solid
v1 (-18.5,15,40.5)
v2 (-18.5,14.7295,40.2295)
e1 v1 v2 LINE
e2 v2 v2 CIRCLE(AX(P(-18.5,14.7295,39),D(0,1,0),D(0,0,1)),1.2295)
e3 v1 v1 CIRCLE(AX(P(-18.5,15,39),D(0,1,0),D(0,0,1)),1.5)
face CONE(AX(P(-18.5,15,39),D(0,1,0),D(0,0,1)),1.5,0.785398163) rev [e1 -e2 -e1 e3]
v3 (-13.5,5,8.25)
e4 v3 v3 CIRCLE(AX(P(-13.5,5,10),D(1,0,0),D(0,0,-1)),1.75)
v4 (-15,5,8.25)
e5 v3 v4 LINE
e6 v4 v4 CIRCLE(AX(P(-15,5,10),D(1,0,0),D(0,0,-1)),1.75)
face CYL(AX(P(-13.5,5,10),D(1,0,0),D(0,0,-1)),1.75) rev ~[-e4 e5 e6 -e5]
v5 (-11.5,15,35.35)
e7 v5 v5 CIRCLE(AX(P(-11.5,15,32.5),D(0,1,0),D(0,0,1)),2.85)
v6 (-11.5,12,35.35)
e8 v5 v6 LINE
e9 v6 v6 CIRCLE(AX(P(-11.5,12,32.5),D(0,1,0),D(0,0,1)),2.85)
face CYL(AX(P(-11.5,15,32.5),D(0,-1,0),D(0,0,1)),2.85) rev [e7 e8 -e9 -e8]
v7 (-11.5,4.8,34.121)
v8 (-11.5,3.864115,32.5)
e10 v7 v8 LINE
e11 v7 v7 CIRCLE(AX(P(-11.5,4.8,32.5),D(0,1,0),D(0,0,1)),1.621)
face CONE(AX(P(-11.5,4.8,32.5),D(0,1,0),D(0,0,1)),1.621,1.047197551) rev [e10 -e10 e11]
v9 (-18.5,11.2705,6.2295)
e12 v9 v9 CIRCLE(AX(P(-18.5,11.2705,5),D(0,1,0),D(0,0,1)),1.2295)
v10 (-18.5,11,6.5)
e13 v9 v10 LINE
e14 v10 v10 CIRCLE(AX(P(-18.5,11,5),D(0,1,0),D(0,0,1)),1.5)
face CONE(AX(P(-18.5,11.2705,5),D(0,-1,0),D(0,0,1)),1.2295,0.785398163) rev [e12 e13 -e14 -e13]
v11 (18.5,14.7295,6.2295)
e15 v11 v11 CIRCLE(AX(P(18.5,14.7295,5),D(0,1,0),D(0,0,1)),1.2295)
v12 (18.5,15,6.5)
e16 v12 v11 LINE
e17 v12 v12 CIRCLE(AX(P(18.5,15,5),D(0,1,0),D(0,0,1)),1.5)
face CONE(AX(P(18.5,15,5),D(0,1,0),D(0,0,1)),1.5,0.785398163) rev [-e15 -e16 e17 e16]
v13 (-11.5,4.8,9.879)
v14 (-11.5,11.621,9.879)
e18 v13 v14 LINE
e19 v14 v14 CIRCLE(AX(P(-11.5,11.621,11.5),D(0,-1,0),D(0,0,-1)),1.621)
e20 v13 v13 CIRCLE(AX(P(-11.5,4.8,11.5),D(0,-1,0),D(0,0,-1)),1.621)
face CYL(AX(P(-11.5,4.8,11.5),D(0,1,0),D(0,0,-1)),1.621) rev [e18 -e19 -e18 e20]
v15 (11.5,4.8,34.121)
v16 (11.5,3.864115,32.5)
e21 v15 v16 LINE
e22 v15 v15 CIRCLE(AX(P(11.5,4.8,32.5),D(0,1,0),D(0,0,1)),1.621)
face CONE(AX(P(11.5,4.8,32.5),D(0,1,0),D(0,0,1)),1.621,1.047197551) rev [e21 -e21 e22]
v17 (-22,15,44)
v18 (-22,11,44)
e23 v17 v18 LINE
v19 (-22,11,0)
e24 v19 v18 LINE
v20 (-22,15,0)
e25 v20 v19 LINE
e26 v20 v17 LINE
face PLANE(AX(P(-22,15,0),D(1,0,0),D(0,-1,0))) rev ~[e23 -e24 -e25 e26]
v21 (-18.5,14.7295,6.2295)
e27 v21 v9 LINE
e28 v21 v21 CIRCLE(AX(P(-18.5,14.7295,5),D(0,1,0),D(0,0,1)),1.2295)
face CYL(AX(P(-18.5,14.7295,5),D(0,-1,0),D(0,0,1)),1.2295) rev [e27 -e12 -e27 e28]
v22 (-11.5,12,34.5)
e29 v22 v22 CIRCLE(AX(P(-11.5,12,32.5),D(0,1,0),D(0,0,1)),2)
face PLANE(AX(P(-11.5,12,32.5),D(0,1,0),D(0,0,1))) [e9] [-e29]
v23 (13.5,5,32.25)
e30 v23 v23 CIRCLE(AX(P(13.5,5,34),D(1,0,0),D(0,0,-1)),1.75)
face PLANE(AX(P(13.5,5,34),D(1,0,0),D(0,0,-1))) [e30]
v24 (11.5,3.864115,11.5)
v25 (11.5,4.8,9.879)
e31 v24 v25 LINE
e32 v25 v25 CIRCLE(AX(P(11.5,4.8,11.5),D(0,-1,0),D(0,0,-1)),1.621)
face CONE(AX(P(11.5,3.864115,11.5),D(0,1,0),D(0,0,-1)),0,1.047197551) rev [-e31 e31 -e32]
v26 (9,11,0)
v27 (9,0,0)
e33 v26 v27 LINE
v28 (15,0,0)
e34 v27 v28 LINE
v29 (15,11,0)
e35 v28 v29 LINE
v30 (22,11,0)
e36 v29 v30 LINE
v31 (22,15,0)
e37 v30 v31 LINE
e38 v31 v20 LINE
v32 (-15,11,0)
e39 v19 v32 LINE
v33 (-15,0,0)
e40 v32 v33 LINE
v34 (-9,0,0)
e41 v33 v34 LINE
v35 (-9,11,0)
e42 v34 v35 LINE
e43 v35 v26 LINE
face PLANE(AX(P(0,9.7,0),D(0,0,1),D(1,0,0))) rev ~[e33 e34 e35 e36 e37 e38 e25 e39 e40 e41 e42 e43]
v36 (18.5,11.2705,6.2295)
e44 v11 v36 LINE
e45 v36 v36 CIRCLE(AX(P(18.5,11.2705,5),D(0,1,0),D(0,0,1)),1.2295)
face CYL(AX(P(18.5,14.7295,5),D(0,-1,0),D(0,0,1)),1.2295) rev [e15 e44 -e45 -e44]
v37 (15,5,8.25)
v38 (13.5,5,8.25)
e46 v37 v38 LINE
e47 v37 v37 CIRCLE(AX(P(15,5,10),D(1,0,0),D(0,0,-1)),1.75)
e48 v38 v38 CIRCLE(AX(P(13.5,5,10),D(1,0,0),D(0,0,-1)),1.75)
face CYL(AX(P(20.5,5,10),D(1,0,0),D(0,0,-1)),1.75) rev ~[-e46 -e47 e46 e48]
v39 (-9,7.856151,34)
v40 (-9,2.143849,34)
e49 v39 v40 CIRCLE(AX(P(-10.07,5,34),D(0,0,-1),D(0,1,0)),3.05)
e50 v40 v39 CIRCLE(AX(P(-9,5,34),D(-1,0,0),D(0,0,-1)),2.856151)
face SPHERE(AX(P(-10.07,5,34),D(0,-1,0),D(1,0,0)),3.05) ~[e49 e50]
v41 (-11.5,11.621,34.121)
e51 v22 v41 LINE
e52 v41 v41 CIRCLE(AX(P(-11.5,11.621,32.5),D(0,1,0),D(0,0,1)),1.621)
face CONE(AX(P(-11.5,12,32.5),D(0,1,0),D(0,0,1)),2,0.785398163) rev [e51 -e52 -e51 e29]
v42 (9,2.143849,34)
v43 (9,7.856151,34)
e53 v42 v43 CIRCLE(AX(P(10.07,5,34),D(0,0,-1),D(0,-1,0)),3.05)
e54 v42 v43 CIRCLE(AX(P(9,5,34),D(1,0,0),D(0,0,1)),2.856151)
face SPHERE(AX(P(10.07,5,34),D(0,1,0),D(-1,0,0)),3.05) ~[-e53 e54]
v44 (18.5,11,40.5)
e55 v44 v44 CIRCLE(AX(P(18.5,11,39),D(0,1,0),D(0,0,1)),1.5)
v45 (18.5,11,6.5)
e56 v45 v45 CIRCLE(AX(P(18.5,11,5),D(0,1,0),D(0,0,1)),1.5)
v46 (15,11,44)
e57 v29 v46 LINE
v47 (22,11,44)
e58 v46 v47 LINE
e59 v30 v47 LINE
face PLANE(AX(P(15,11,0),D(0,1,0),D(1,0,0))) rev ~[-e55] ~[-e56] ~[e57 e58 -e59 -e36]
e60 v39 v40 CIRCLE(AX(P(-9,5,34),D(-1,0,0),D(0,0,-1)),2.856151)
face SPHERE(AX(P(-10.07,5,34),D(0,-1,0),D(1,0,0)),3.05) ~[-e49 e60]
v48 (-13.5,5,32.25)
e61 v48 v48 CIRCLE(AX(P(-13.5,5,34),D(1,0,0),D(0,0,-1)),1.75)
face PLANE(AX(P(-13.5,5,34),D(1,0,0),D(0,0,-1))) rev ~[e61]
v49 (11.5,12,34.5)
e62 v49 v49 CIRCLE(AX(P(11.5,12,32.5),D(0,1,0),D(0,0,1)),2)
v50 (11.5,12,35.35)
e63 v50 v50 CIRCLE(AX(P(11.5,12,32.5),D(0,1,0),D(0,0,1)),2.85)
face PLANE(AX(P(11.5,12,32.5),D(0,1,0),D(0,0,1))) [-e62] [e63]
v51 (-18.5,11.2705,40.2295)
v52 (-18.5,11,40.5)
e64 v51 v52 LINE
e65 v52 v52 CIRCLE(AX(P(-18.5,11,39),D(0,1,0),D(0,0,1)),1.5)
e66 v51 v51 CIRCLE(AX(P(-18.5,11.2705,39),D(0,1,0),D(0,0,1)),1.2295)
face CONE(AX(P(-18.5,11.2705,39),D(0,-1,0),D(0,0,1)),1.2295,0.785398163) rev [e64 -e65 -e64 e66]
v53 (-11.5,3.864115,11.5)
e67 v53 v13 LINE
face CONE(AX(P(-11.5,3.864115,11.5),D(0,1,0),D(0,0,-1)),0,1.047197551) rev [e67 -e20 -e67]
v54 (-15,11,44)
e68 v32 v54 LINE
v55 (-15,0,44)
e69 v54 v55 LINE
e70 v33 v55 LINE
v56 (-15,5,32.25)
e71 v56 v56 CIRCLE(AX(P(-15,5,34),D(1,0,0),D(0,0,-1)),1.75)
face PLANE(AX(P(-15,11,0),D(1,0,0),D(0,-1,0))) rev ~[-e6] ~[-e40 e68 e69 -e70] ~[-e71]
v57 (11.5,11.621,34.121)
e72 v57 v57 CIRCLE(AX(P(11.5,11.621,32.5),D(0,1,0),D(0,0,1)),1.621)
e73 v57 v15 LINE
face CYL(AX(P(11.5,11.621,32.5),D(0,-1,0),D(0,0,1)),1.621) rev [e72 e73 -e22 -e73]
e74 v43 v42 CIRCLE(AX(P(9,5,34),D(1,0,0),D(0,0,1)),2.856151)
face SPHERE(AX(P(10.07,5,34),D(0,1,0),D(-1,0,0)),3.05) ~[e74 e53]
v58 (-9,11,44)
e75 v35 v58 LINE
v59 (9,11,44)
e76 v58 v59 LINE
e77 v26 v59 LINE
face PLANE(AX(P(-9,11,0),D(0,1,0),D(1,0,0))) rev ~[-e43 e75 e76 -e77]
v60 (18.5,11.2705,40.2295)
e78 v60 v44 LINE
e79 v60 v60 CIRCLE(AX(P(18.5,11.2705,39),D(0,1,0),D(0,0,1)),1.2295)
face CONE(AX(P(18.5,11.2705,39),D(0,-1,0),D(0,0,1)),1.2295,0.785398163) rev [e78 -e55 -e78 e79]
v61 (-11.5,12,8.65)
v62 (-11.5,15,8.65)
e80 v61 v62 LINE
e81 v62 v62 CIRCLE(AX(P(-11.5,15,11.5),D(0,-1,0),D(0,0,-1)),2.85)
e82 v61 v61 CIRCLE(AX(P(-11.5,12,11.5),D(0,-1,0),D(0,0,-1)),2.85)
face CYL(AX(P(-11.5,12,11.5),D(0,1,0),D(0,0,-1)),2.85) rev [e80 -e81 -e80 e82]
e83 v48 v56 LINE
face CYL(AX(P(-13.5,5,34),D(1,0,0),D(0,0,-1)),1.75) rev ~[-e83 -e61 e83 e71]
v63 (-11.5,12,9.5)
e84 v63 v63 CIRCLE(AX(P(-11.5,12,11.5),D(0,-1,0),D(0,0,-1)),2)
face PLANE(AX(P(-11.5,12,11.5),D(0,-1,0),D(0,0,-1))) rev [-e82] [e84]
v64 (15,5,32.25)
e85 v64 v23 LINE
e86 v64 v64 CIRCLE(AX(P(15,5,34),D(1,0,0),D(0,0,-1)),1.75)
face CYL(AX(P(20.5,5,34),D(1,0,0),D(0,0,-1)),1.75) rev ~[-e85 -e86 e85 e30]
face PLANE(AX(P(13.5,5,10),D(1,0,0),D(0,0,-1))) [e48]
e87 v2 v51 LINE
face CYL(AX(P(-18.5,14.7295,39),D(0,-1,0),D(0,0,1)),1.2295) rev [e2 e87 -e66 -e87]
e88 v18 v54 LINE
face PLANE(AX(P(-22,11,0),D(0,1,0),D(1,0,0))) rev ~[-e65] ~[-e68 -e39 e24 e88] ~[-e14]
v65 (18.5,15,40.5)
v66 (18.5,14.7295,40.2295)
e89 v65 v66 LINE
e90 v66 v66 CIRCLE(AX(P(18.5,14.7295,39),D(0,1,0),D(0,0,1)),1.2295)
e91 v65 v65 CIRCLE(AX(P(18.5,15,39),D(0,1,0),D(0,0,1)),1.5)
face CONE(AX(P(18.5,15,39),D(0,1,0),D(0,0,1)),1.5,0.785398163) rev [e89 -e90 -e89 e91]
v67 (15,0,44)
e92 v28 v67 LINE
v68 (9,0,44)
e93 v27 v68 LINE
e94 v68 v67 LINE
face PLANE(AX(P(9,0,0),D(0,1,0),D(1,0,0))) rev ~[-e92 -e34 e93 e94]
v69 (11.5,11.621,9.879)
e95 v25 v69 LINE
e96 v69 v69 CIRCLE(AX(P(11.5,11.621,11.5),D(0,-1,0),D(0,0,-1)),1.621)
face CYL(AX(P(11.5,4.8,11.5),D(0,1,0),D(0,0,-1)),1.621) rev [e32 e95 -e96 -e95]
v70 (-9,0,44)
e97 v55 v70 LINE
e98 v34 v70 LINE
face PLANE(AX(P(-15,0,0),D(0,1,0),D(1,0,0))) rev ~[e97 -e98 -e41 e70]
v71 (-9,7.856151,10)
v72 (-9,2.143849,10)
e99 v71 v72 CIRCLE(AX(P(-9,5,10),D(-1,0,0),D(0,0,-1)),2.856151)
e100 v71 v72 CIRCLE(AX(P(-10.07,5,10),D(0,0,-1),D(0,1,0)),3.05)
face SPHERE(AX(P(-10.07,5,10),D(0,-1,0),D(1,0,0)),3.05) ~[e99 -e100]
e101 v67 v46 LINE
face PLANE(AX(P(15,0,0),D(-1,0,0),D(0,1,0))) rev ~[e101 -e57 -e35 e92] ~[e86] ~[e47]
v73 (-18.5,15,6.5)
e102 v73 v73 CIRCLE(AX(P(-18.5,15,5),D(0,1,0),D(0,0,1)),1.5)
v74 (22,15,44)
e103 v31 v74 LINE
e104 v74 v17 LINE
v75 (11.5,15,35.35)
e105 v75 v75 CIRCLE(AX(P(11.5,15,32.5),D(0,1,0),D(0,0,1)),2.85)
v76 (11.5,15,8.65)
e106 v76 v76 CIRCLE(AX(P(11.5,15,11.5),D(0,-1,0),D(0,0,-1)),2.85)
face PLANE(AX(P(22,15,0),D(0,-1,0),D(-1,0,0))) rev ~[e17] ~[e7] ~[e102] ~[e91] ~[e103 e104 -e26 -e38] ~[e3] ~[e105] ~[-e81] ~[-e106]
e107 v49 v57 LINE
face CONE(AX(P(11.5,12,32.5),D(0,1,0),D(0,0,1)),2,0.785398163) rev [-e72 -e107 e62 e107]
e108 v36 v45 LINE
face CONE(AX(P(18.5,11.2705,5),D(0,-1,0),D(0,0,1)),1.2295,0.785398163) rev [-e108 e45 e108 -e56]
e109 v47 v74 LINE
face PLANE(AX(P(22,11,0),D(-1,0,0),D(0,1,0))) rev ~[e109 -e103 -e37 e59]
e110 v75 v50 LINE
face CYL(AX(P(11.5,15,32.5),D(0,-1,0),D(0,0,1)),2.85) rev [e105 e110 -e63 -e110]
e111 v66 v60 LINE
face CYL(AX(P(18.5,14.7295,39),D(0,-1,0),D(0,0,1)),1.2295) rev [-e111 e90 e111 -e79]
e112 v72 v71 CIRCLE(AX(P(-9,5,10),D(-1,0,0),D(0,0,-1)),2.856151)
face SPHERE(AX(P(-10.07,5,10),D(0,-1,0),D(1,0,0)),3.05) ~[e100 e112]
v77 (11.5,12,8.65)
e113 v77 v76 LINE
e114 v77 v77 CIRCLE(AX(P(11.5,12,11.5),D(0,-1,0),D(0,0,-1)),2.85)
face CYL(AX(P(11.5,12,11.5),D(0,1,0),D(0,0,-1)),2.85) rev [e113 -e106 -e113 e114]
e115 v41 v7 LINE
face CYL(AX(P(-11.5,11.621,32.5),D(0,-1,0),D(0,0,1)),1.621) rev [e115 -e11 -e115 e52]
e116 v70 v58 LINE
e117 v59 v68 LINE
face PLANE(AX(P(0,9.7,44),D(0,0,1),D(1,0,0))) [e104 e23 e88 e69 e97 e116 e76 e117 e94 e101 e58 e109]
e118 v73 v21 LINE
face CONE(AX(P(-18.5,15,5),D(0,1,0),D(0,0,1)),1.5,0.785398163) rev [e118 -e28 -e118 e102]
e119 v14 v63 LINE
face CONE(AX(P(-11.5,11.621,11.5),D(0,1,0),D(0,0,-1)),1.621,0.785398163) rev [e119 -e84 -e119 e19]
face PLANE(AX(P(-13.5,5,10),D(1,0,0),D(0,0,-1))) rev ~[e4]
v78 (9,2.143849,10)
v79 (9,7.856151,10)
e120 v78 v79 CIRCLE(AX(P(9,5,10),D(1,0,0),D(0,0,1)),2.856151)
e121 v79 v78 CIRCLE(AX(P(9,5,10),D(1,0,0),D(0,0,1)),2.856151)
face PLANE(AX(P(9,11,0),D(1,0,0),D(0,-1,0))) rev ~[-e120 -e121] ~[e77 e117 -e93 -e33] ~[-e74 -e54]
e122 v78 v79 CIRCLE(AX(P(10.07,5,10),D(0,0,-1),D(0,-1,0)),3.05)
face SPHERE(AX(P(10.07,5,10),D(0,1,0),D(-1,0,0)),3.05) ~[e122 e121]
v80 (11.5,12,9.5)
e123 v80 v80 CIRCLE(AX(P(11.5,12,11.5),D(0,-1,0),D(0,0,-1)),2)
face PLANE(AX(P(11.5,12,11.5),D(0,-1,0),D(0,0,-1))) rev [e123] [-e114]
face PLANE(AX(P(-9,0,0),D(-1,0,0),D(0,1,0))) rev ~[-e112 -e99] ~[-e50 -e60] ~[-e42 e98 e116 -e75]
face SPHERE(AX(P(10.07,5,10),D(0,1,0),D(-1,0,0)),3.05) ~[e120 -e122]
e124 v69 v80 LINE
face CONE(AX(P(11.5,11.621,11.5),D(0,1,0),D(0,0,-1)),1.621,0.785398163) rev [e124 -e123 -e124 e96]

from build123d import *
from build123d.topology import SkipClean

# Parameters (mm, degrees)
BOSS_EXTRUDE1_DEPTH = 44
SKETCH8_R           = 1.75
CUT_EXTRUDE1_DEPTH  = 7
SKETCH9_R           = 1.75
CUT_EXTRUDE2_DEPTH  = 7
CUT_EXTRUDE3_START  = 7
SKETCH10_R          = 1.75
CUT_EXTRUDE3_DEPTH  = 7
CUT_EXTRUDE4_START  = 7
SKETCH11_R          = 1.75
CUT_EXTRUDE4_DEPTH  = 7


with BuildPart() as part:
    # Sketch1 → Boss-Extrude1 (new body)
    with BuildSketch(Plane.XY):
        Polygon((-22, 15), (-22, 11), (-15, 11), (-15, 0), (-9, 0), (-9, 11), (9, 11), (9, 0), (15, 0), (15, 11), (22, 11), (22, 15), align=None)
    extrude(amount=BOSS_EXTRUDE1_DEPTH)

    # Sketch2 → Cut-Revolve1 (revolve, cut)
    with BuildSketch(Plane.XY.offset(5), mode=Mode.PRIVATE) as cut_revolve1_sk:
        Polygon((18.5, 15), (20, 15), (19.7295, 14.7295), (19.7295, 11.2705), (20, 11), (18.5, 11), align=None)
    revolve(cut_revolve1_sk.sketch.rotate(Axis((18.5, 11, 5), (0, 1, 0)), 270), axis=Axis((18.5, 11, 5), (0, 1, 0)), mode=Mode.SUBTRACT)

    # Sketch3 → Cut-Revolve2 (revolve, cut)
    with BuildSketch(Plane.XY.offset(39), mode=Mode.PRIVATE) as cut_revolve2_sk:
        Polygon((18.5, 15), (20, 15), (19.7295, 14.7295), (19.7295, 11.2705), (20, 11), (18.5, 11), align=None)
    revolve(cut_revolve2_sk.sketch.rotate(Axis((18.5, 11, 39), (0, 1, 0)), 270), axis=Axis((18.5, 11, 39), (0, 1, 0)), mode=Mode.SUBTRACT)

    # Sketch4 → Revolve1 (revolve)
    with SkipClean():  # the faces are left unmerged after this step: merging them gives an invalid solid
        with BuildSketch(Plane.XY.offset(10)):
            with BuildLine():
                Line((-10.07, 1.95), (-10.07, 8.05))
                ThreePointArc((-10.07, 8.05), (-7.02, 5), (-10.07, 1.95))
            make_face()
        revolve(axis=Axis((-10.07, -50, 10), (0, 1, 0)))

    # Sketch5 → Revolve2 (revolve)
    with SkipClean():  # the faces are left unmerged after this step: merging them gives an invalid solid
        with BuildSketch(Plane.XY.offset(34)):
            with BuildLine():
                Line((-10.07, 1.95), (-10.07, 8.05))
                ThreePointArc((-10.07, 8.05), (-7.02, 5), (-10.07, 1.95))
            make_face()
        revolve(axis=Axis((-10.07, -50, 34), (0, 1, 0)))

    # Sketch6 → Revolve3 (revolve)
    with SkipClean():  # the faces are left unmerged after this step: merging them gives an invalid solid
        with BuildSketch(Plane.XY.offset(34)):
            with BuildLine():
                Line((10.07, 8.05), (10.07, 1.95))
                ThreePointArc((10.07, 1.95), (7.02, 5), (10.07, 8.05))
            make_face()
        revolve(axis=Axis((10.07, 50, 34), (0, -1, 0)))

    # Sketch7 → Revolve4 (revolve)
    with SkipClean():  # the faces are left unmerged after this step: merging them gives an invalid solid
        with BuildSketch(Plane.XY.offset(10)):
            with BuildLine():
                Line((10.07, 8.05), (10.07, 1.95))
                ThreePointArc((10.07, 1.95), (7.02, 5), (10.07, 8.05))
            make_face()
        revolve(axis=Axis((10.07, 50, 10), (0, -1, 0)))

    # Sketch8 → Cut-Extrude1 (cut)
    with SkipClean():  # the faces are left unmerged after this step: merging them gives an invalid solid
        with BuildSketch(Plane(origin=(20.5, 0, 0), x_dir=(0, 0, -1), z_dir=(1, 0, 0))):
            with Locations((-10, 5)):
                Circle(SKETCH8_R)
        extrude(amount=-CUT_EXTRUDE1_DEPTH, mode=Mode.SUBTRACT)

    # Sketch9 → Cut-Extrude2 (cut)
    with SkipClean():  # the faces are left unmerged after this step: merging them gives an invalid solid
        with BuildSketch(Plane(origin=(20.5, 0, 0), x_dir=(0, 0, -1), z_dir=(1, 0, 0))):
            with Locations((-34, 5)):
                Circle(SKETCH9_R)
        extrude(amount=-CUT_EXTRUDE2_DEPTH, mode=Mode.SUBTRACT)

    # Sketch10 → Cut-Extrude3 (cut)
    with SkipClean():  # the faces are left unmerged after this step: merging them gives an invalid solid
        with BuildSketch(Plane(origin=(-20.5, 0, 0), x_dir=(0, 0, -1), z_dir=(1, 0, 0)).offset(CUT_EXTRUDE3_START)):
            with Locations((-10, 5)):
                Circle(SKETCH10_R)
        extrude(amount=-CUT_EXTRUDE3_DEPTH, mode=Mode.SUBTRACT)

    # Sketch11 → Cut-Extrude4 (cut)
    with SkipClean():  # the faces are left unmerged after this step: merging them gives an invalid solid
        with BuildSketch(Plane(origin=(-20.5, 0, 0), x_dir=(0, 0, -1), z_dir=(1, 0, 0)).offset(CUT_EXTRUDE4_START)):
            with Locations((-34, 5)):
                Circle(SKETCH11_R)
        extrude(amount=-CUT_EXTRUDE4_DEPTH, mode=Mode.SUBTRACT)

    # Sketch12 → Cut-Revolve3 (revolve, cut)
    with SkipClean():  # the faces are left unmerged after this step: merging them gives an invalid solid
        with BuildSketch(Plane.XY.offset(5), mode=Mode.PRIVATE) as cut_revolve3_sk:
            Polygon((-18.5, 15), (-17, 15), (-17.2705, 14.7295), (-17.2705, 11.2705), (-17, 11), (-18.5, 11), align=None)
        revolve(cut_revolve3_sk.sketch.rotate(Axis((-18.5, 11, 5), (0, 1, 0)), 270), axis=Axis((-18.5, 11, 5), (0, 1, 0)), mode=Mode.SUBTRACT)

    # Sketch13 → Cut-Revolve4 (revolve, cut)
    with SkipClean():  # the faces are left unmerged after this step: merging them gives an invalid solid
        with BuildSketch(Plane.XY.offset(39), mode=Mode.PRIVATE) as cut_revolve4_sk:
            Polygon((-18.5, 15), (-17, 15), (-17.2705, 14.7295), (-17.2705, 11.2705), (-17, 11), (-18.5, 11), align=None)
        revolve(cut_revolve4_sk.sketch.rotate(Axis((-18.5, 11, 39), (0, 1, 0)), 270), axis=Axis((-18.5, 11, 39), (0, 1, 0)), mode=Mode.SUBTRACT)

    # Sketch14 → Cut-Revolve5 (revolve, cut)
    with SkipClean():  # the faces are left unmerged after this step: merging them gives an invalid solid
        with BuildSketch(Plane(origin=(11.5, 0, 0), x_dir=(0, 0, -1), z_dir=(1, 0, 0)), mode=Mode.PRIVATE) as cut_revolve5_sk:
            Polygon((-11.5, 3.864115214), (-13.121, 4.8), (-13.121, 11.621), (-13.5, 12), (-14.35, 12), (-14.35, 15), (-11.5, 15), align=None)
        revolve(cut_revolve5_sk.sketch.rotate(Axis((11.5, 15, 11.5), (0, -1, 0)), 180), axis=Axis((11.5, 15, 11.5), (0, -1, 0)), mode=Mode.SUBTRACT)

    # Sketch15 → Cut-Revolve6 (revolve, cut)
    with SkipClean():  # the faces are left unmerged after this step: merging them gives an invalid solid
        with BuildSketch(Plane(origin=(11.5, 0, 0), x_dir=(0, 0, -1), z_dir=(1, 0, 0)), mode=Mode.PRIVATE) as cut_revolve6_sk:
            Polygon((-32.5, 15), (-29.65, 15), (-29.65, 12), (-30.5, 12), (-30.879, 11.621), (-30.879, 4.8), (-32.5, 3.864115214), align=None)
        revolve(cut_revolve6_sk.sketch.rotate(Axis((11.5, 3.864115214, 32.5), (0, 1, 0)), 180), axis=Axis((11.5, 3.864115214, 32.5), (0, 1, 0)), mode=Mode.SUBTRACT)

    # Sketch16 → Cut-Revolve7 (revolve, cut)
    with SkipClean():  # the faces are left unmerged after this step: merging them gives an invalid solid
        with BuildSketch(Plane(origin=(-11.5, 0, 0), x_dir=(0, 0, -1), z_dir=(1, 0, 0)), mode=Mode.PRIVATE) as cut_revolve7_sk:
            Polygon((-11.5, 3.864115214), (-13.121, 4.8), (-13.121, 11.621), (-13.5, 12), (-14.35, 12), (-14.35, 15), (-11.5, 15), align=None)
        revolve(cut_revolve7_sk.sketch.rotate(Axis((-11.5, 15, 11.5), (0, -1, 0)), 180), axis=Axis((-11.5, 15, 11.5), (0, -1, 0)), mode=Mode.SUBTRACT)

    # Sketch17 → Cut-Revolve8 (revolve, cut)
    with SkipClean():  # the faces are left unmerged after this step: merging them gives an invalid solid
        with BuildSketch(Plane(origin=(-11.5, 0, 0), x_dir=(0, 0, -1), z_dir=(1, 0, 0)), mode=Mode.PRIVATE) as cut_revolve8_sk:
            Polygon((-32.5, 15), (-29.65, 15), (-29.65, 12), (-30.5, 12), (-30.879, 11.621), (-30.879, 4.8), (-32.5, 3.864115214), align=None)
        revolve(cut_revolve8_sk.sketch.rotate(Axis((-11.5, 3.864115214, 32.5), (0, 1, 0)), 180), axis=Axis((-11.5, 3.864115214, 32.5), (0, 1, 0)), mode=Mode.SUBTRACT)


solid = part.part
